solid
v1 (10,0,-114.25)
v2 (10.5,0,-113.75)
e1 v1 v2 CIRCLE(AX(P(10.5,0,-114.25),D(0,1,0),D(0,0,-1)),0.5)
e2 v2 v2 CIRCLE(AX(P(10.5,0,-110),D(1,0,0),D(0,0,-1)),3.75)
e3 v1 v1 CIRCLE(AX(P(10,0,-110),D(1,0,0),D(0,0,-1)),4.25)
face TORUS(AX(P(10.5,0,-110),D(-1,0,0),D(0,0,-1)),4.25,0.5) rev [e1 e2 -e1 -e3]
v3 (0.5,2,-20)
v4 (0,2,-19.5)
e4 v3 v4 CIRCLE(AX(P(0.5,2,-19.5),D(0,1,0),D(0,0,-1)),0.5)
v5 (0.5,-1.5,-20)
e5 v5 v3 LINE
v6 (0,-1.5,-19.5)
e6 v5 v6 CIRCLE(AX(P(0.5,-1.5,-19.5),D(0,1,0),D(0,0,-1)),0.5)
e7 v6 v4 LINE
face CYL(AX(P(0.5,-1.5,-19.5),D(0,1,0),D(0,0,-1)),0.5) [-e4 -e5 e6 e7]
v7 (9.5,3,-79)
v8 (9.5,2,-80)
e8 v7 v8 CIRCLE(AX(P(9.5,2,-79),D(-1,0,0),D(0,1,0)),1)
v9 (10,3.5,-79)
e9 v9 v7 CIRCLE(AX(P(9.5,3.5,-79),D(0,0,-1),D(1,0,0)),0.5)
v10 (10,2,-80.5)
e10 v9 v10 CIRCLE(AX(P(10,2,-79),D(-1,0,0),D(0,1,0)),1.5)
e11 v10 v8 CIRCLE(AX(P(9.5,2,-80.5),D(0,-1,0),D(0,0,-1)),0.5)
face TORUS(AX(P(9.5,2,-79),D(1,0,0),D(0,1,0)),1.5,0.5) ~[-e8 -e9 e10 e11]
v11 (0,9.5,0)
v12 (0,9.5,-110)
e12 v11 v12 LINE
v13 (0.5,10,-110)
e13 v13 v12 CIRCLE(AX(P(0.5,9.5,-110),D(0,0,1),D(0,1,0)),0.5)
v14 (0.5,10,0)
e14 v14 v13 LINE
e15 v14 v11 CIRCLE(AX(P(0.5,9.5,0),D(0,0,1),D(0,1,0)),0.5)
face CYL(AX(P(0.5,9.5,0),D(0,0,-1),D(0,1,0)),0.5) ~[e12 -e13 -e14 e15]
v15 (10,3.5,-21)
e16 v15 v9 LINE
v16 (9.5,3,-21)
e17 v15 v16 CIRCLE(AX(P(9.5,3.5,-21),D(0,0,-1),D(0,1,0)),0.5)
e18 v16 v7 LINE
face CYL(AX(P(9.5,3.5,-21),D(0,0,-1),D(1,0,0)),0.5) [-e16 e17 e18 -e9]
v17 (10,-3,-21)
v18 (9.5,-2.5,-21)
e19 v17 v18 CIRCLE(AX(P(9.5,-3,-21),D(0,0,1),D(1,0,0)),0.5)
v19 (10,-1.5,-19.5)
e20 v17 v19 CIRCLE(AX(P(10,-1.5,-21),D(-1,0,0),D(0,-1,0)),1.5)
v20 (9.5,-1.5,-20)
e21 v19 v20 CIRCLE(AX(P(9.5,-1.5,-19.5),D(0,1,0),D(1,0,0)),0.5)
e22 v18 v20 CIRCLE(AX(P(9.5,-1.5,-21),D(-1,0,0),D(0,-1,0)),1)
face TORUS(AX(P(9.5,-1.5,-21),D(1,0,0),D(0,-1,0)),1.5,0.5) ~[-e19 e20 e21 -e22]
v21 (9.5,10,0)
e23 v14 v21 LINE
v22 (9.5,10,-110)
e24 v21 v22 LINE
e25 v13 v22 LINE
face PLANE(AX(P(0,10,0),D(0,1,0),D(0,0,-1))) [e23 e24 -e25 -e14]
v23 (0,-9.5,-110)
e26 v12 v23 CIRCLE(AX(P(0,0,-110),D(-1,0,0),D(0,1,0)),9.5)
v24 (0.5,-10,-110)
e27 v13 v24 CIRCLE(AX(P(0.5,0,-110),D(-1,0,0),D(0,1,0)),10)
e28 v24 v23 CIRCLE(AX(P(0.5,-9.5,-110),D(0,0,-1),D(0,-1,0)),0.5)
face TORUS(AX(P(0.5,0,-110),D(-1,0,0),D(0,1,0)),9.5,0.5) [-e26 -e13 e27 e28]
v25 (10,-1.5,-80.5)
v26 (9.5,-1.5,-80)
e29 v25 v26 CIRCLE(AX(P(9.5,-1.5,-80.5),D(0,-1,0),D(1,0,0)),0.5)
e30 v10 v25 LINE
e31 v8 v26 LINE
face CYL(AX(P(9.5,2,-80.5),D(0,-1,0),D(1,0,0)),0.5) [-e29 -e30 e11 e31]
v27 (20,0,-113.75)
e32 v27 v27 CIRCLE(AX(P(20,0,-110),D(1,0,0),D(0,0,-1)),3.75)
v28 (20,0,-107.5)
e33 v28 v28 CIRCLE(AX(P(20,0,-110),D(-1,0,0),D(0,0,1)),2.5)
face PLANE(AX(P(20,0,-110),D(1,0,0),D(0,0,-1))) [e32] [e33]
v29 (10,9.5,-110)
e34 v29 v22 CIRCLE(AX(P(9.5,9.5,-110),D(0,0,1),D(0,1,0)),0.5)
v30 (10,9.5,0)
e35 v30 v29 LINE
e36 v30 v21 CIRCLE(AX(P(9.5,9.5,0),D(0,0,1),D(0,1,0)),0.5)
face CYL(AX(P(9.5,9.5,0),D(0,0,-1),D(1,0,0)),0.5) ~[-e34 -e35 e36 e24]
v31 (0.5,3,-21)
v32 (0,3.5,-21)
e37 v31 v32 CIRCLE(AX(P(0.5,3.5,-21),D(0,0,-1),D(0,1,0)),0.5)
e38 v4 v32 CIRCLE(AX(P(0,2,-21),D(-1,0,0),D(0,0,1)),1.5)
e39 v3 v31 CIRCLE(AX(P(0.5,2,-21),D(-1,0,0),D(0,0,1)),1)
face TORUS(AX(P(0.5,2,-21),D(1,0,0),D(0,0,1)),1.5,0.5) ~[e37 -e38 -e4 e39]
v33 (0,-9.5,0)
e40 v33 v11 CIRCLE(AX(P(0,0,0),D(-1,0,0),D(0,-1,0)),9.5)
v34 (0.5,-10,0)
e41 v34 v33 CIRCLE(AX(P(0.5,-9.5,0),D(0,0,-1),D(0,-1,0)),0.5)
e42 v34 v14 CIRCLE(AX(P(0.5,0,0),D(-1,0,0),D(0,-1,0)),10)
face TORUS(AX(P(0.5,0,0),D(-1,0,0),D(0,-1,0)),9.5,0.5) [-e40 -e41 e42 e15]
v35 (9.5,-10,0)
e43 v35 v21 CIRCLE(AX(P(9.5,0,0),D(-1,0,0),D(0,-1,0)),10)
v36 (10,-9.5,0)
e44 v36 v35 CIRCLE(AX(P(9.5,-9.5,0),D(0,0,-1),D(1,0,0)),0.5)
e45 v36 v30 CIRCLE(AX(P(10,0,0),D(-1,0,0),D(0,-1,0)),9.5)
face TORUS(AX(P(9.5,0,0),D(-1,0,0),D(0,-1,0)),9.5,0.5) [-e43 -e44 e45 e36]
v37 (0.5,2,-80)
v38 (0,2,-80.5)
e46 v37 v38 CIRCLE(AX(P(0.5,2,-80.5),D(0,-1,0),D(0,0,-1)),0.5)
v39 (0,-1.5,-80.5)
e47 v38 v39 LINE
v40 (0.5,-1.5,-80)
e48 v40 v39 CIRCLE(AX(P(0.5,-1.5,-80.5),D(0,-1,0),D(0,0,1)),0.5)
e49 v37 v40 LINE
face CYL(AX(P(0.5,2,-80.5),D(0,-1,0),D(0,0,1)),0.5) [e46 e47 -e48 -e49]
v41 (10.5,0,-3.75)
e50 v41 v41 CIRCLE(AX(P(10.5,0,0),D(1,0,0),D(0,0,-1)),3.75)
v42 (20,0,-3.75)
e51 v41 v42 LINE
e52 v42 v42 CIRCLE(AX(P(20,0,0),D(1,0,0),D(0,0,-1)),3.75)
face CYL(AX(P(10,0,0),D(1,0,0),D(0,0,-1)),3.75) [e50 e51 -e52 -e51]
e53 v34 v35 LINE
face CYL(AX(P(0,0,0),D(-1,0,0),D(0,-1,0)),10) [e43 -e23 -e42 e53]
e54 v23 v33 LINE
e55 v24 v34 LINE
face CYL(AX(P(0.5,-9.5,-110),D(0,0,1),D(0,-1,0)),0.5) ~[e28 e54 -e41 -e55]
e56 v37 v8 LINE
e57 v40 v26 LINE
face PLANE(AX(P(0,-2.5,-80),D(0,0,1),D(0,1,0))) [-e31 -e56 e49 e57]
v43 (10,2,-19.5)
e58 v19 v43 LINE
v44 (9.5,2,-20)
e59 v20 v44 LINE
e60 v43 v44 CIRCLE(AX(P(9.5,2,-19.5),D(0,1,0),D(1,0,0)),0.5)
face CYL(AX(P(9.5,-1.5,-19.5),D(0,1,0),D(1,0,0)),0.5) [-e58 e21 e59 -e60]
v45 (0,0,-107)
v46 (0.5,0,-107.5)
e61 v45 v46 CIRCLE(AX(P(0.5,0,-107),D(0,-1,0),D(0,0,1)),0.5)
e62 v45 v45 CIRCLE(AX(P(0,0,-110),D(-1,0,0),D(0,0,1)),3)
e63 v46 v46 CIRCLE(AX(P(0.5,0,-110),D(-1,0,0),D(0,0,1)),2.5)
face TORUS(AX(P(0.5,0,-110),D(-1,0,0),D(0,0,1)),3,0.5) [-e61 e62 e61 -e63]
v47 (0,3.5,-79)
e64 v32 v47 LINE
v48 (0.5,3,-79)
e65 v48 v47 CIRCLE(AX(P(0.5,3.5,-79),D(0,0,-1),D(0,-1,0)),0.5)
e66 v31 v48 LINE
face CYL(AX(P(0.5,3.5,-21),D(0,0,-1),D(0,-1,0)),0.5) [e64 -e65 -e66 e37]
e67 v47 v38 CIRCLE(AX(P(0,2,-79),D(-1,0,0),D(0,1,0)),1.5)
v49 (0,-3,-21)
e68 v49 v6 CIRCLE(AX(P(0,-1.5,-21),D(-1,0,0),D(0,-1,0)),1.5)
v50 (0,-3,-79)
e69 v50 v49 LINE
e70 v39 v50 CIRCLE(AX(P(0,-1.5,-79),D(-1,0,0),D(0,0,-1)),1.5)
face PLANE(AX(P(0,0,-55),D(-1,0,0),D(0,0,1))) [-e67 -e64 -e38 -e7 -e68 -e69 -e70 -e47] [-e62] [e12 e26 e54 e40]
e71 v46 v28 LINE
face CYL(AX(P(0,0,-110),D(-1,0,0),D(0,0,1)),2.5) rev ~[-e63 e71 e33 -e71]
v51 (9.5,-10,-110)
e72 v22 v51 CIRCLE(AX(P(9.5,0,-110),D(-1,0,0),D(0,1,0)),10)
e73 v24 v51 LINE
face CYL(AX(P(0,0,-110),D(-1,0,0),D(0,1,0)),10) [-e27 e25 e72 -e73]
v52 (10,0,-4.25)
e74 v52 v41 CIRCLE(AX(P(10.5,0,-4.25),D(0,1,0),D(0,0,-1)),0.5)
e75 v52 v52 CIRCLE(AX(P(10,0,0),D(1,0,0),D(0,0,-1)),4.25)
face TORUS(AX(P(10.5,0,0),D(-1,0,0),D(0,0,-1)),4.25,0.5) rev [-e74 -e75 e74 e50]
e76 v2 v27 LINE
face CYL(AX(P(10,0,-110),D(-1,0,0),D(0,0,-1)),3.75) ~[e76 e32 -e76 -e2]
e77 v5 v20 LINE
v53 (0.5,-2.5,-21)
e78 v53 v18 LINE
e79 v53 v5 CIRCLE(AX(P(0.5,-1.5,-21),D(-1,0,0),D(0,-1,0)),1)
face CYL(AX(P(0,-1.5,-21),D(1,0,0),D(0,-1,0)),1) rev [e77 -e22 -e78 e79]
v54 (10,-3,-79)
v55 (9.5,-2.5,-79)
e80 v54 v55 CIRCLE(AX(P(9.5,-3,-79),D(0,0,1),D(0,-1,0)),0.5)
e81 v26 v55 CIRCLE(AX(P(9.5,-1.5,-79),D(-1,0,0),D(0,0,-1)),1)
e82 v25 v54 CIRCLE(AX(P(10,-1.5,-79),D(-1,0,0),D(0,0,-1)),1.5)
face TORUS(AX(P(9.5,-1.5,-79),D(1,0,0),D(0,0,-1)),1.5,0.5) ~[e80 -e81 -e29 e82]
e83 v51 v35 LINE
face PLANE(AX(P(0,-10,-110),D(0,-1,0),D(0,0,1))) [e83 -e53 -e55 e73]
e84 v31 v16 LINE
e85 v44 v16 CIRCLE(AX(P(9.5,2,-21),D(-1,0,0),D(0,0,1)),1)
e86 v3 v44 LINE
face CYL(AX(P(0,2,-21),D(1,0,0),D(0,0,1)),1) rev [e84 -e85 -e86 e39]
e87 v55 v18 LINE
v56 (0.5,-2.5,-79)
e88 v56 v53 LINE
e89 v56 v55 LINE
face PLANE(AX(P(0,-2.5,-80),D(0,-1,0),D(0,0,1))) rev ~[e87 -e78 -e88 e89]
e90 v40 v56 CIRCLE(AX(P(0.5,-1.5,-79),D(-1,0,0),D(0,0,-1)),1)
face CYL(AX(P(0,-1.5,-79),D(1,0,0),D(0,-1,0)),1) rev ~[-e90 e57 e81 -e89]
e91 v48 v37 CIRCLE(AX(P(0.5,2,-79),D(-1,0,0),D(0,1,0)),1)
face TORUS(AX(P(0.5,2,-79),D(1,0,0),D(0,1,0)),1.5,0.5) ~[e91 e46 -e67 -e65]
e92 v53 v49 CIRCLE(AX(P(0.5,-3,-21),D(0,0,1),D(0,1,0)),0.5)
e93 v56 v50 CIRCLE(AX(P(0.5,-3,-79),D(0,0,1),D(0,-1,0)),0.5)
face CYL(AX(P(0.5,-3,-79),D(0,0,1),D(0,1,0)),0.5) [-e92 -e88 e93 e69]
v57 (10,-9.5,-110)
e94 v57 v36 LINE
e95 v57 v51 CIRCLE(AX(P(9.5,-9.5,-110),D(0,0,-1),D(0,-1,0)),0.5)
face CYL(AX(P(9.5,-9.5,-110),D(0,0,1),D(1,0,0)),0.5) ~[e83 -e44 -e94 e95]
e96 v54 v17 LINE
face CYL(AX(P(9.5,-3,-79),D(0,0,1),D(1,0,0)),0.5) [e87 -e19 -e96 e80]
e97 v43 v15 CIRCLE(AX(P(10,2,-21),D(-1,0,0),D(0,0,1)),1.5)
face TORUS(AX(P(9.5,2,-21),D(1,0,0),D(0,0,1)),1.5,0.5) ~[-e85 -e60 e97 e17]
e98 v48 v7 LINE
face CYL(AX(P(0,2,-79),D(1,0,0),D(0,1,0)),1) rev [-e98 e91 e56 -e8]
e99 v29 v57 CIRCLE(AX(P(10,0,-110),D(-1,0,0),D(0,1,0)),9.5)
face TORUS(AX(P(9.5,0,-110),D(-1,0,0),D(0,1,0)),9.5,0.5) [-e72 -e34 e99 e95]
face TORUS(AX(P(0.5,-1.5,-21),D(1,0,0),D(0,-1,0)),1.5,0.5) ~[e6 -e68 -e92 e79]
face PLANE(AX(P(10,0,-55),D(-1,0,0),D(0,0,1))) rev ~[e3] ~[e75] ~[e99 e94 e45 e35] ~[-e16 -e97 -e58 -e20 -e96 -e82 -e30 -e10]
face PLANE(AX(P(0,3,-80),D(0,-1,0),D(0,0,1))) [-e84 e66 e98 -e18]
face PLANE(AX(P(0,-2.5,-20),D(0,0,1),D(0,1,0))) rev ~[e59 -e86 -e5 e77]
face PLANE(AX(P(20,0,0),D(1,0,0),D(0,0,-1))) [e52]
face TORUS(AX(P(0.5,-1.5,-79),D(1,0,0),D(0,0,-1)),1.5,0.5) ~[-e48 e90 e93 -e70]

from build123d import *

# Parameters (mm, degrees)
SKETCH_1_R          = 3.75
EXTRUDE_1_DEPTH     = 10
SKETCH_2_R          = 3.75
EXTRUDE_2_DEPTH     = 10
SKETCH_3_R          = 2.5
CUT_EXTRUDE_1_DEPTH = 123.065556157
SKETCH_4_W          = 60
SKETCH_4_H          = 5.5
CUT_EXTRUDE_2_DEPTH = 10
FILLET_1_R          = 1
FILLET_2_R          = 0.5


with BuildPart() as part:
    # 草图1 → 凸台-拉伸1 (new body)
    with BuildSketch(Plane(origin=(0, 0, 0), x_dir=(0, 0, -1), z_dir=(1, 0, 0))):
        with BuildLine():
            Line((0, 10), (110, 10))
            ThreePointArc((110, 10), (120, 0), (110, -10))
            Line((110, -10), (0, -10))
            ThreePointArc((0, -10), (-10, 0), (0, 10))
        make_face()
        Circle(SKETCH_1_R, mode=Mode.SUBTRACT)
        with Locations((110, 0)):
            Circle(SKETCH_1_R, mode=Mode.SUBTRACT)
    extrude(amount=EXTRUDE_1_DEPTH)

    # 草图2 → 凸台-拉伸2 (add, symmetric)
    with BuildSketch(Plane(origin=(10, 0, 0), x_dir=(0, 0, -1), z_dir=(1, 0, 0))):
        with Locations((110, 0)):
            Circle(SKETCH_2_R)
        Circle(SKETCH_2_R)
    extrude(amount=EXTRUDE_2_DEPTH, both=True)

    # 草图3 → 切除-拉伸1 (cut, through all)
    with BuildSketch(Plane.ZY):
        with Locations((-110, 0)):
            Circle(SKETCH_3_R)
    extrude(amount=-CUT_EXTRUDE_1_DEPTH, mode=Mode.SUBTRACT)

    # 草图4 → 切除-拉伸2 (cut)
    with BuildSketch(Plane.ZY):
        with Locations((-50, 0.25)):
            Rectangle(SKETCH_4_W, SKETCH_4_H)
    extrude(amount=-CUT_EXTRUDE_2_DEPTH, mode=Mode.SUBTRACT)

    # 圆角1
    fillet_1_edges = [part.edges().sort_by_distance(p)[0] for p in [
        (5, -2.5, -80),
        (5, 3, -80),
        (5, 3, -20),
        (5, -2.5, -20),
    ]]
    fillet(fillet_1_edges, radius=FILLET_1_R)

    # 圆角2
    fillet_2_edges = [part.edges().sort_by_distance(p)[0] for p in [
        (10, 0, 3.75),
        (10, 0, -120),
        (10, 0, -106.25),
        (10, 10, -55),
        (0, 0, -112.5),
        (10, 0, 10),
        (0, 10, -55),
        (0, 0, -120),
        (0, 0.25, -20),
        (10, 0.25, -20),
        (0, -10, -55),
        (0, -2.5, -50),
        (10, -2.5, -50),
        (0, 3, -50),
        (10, 3, -50),
        (0, 0, 10),
        (0, 0.25, -80),
        (10, 0.25, -80),
        (0, -2.207106781, -20.292893219),
        (10, -2.207106781, -20.292893219),
        (0, 2.707106781, -20.292893219),
        (10, 2.707106781, -20.292893219),
        (0, 2.707106781, -79.707106781),
        (10, 2.707106781, -79.707106781),
        (0, -2.207106781, -79.707106781),
        (10, -2.207106781, -79.707106781),
        (10, -10, -55),
    ]]
    fillet(fillet_2_edges, radius=FILLET_2_R)


solid = part.part
